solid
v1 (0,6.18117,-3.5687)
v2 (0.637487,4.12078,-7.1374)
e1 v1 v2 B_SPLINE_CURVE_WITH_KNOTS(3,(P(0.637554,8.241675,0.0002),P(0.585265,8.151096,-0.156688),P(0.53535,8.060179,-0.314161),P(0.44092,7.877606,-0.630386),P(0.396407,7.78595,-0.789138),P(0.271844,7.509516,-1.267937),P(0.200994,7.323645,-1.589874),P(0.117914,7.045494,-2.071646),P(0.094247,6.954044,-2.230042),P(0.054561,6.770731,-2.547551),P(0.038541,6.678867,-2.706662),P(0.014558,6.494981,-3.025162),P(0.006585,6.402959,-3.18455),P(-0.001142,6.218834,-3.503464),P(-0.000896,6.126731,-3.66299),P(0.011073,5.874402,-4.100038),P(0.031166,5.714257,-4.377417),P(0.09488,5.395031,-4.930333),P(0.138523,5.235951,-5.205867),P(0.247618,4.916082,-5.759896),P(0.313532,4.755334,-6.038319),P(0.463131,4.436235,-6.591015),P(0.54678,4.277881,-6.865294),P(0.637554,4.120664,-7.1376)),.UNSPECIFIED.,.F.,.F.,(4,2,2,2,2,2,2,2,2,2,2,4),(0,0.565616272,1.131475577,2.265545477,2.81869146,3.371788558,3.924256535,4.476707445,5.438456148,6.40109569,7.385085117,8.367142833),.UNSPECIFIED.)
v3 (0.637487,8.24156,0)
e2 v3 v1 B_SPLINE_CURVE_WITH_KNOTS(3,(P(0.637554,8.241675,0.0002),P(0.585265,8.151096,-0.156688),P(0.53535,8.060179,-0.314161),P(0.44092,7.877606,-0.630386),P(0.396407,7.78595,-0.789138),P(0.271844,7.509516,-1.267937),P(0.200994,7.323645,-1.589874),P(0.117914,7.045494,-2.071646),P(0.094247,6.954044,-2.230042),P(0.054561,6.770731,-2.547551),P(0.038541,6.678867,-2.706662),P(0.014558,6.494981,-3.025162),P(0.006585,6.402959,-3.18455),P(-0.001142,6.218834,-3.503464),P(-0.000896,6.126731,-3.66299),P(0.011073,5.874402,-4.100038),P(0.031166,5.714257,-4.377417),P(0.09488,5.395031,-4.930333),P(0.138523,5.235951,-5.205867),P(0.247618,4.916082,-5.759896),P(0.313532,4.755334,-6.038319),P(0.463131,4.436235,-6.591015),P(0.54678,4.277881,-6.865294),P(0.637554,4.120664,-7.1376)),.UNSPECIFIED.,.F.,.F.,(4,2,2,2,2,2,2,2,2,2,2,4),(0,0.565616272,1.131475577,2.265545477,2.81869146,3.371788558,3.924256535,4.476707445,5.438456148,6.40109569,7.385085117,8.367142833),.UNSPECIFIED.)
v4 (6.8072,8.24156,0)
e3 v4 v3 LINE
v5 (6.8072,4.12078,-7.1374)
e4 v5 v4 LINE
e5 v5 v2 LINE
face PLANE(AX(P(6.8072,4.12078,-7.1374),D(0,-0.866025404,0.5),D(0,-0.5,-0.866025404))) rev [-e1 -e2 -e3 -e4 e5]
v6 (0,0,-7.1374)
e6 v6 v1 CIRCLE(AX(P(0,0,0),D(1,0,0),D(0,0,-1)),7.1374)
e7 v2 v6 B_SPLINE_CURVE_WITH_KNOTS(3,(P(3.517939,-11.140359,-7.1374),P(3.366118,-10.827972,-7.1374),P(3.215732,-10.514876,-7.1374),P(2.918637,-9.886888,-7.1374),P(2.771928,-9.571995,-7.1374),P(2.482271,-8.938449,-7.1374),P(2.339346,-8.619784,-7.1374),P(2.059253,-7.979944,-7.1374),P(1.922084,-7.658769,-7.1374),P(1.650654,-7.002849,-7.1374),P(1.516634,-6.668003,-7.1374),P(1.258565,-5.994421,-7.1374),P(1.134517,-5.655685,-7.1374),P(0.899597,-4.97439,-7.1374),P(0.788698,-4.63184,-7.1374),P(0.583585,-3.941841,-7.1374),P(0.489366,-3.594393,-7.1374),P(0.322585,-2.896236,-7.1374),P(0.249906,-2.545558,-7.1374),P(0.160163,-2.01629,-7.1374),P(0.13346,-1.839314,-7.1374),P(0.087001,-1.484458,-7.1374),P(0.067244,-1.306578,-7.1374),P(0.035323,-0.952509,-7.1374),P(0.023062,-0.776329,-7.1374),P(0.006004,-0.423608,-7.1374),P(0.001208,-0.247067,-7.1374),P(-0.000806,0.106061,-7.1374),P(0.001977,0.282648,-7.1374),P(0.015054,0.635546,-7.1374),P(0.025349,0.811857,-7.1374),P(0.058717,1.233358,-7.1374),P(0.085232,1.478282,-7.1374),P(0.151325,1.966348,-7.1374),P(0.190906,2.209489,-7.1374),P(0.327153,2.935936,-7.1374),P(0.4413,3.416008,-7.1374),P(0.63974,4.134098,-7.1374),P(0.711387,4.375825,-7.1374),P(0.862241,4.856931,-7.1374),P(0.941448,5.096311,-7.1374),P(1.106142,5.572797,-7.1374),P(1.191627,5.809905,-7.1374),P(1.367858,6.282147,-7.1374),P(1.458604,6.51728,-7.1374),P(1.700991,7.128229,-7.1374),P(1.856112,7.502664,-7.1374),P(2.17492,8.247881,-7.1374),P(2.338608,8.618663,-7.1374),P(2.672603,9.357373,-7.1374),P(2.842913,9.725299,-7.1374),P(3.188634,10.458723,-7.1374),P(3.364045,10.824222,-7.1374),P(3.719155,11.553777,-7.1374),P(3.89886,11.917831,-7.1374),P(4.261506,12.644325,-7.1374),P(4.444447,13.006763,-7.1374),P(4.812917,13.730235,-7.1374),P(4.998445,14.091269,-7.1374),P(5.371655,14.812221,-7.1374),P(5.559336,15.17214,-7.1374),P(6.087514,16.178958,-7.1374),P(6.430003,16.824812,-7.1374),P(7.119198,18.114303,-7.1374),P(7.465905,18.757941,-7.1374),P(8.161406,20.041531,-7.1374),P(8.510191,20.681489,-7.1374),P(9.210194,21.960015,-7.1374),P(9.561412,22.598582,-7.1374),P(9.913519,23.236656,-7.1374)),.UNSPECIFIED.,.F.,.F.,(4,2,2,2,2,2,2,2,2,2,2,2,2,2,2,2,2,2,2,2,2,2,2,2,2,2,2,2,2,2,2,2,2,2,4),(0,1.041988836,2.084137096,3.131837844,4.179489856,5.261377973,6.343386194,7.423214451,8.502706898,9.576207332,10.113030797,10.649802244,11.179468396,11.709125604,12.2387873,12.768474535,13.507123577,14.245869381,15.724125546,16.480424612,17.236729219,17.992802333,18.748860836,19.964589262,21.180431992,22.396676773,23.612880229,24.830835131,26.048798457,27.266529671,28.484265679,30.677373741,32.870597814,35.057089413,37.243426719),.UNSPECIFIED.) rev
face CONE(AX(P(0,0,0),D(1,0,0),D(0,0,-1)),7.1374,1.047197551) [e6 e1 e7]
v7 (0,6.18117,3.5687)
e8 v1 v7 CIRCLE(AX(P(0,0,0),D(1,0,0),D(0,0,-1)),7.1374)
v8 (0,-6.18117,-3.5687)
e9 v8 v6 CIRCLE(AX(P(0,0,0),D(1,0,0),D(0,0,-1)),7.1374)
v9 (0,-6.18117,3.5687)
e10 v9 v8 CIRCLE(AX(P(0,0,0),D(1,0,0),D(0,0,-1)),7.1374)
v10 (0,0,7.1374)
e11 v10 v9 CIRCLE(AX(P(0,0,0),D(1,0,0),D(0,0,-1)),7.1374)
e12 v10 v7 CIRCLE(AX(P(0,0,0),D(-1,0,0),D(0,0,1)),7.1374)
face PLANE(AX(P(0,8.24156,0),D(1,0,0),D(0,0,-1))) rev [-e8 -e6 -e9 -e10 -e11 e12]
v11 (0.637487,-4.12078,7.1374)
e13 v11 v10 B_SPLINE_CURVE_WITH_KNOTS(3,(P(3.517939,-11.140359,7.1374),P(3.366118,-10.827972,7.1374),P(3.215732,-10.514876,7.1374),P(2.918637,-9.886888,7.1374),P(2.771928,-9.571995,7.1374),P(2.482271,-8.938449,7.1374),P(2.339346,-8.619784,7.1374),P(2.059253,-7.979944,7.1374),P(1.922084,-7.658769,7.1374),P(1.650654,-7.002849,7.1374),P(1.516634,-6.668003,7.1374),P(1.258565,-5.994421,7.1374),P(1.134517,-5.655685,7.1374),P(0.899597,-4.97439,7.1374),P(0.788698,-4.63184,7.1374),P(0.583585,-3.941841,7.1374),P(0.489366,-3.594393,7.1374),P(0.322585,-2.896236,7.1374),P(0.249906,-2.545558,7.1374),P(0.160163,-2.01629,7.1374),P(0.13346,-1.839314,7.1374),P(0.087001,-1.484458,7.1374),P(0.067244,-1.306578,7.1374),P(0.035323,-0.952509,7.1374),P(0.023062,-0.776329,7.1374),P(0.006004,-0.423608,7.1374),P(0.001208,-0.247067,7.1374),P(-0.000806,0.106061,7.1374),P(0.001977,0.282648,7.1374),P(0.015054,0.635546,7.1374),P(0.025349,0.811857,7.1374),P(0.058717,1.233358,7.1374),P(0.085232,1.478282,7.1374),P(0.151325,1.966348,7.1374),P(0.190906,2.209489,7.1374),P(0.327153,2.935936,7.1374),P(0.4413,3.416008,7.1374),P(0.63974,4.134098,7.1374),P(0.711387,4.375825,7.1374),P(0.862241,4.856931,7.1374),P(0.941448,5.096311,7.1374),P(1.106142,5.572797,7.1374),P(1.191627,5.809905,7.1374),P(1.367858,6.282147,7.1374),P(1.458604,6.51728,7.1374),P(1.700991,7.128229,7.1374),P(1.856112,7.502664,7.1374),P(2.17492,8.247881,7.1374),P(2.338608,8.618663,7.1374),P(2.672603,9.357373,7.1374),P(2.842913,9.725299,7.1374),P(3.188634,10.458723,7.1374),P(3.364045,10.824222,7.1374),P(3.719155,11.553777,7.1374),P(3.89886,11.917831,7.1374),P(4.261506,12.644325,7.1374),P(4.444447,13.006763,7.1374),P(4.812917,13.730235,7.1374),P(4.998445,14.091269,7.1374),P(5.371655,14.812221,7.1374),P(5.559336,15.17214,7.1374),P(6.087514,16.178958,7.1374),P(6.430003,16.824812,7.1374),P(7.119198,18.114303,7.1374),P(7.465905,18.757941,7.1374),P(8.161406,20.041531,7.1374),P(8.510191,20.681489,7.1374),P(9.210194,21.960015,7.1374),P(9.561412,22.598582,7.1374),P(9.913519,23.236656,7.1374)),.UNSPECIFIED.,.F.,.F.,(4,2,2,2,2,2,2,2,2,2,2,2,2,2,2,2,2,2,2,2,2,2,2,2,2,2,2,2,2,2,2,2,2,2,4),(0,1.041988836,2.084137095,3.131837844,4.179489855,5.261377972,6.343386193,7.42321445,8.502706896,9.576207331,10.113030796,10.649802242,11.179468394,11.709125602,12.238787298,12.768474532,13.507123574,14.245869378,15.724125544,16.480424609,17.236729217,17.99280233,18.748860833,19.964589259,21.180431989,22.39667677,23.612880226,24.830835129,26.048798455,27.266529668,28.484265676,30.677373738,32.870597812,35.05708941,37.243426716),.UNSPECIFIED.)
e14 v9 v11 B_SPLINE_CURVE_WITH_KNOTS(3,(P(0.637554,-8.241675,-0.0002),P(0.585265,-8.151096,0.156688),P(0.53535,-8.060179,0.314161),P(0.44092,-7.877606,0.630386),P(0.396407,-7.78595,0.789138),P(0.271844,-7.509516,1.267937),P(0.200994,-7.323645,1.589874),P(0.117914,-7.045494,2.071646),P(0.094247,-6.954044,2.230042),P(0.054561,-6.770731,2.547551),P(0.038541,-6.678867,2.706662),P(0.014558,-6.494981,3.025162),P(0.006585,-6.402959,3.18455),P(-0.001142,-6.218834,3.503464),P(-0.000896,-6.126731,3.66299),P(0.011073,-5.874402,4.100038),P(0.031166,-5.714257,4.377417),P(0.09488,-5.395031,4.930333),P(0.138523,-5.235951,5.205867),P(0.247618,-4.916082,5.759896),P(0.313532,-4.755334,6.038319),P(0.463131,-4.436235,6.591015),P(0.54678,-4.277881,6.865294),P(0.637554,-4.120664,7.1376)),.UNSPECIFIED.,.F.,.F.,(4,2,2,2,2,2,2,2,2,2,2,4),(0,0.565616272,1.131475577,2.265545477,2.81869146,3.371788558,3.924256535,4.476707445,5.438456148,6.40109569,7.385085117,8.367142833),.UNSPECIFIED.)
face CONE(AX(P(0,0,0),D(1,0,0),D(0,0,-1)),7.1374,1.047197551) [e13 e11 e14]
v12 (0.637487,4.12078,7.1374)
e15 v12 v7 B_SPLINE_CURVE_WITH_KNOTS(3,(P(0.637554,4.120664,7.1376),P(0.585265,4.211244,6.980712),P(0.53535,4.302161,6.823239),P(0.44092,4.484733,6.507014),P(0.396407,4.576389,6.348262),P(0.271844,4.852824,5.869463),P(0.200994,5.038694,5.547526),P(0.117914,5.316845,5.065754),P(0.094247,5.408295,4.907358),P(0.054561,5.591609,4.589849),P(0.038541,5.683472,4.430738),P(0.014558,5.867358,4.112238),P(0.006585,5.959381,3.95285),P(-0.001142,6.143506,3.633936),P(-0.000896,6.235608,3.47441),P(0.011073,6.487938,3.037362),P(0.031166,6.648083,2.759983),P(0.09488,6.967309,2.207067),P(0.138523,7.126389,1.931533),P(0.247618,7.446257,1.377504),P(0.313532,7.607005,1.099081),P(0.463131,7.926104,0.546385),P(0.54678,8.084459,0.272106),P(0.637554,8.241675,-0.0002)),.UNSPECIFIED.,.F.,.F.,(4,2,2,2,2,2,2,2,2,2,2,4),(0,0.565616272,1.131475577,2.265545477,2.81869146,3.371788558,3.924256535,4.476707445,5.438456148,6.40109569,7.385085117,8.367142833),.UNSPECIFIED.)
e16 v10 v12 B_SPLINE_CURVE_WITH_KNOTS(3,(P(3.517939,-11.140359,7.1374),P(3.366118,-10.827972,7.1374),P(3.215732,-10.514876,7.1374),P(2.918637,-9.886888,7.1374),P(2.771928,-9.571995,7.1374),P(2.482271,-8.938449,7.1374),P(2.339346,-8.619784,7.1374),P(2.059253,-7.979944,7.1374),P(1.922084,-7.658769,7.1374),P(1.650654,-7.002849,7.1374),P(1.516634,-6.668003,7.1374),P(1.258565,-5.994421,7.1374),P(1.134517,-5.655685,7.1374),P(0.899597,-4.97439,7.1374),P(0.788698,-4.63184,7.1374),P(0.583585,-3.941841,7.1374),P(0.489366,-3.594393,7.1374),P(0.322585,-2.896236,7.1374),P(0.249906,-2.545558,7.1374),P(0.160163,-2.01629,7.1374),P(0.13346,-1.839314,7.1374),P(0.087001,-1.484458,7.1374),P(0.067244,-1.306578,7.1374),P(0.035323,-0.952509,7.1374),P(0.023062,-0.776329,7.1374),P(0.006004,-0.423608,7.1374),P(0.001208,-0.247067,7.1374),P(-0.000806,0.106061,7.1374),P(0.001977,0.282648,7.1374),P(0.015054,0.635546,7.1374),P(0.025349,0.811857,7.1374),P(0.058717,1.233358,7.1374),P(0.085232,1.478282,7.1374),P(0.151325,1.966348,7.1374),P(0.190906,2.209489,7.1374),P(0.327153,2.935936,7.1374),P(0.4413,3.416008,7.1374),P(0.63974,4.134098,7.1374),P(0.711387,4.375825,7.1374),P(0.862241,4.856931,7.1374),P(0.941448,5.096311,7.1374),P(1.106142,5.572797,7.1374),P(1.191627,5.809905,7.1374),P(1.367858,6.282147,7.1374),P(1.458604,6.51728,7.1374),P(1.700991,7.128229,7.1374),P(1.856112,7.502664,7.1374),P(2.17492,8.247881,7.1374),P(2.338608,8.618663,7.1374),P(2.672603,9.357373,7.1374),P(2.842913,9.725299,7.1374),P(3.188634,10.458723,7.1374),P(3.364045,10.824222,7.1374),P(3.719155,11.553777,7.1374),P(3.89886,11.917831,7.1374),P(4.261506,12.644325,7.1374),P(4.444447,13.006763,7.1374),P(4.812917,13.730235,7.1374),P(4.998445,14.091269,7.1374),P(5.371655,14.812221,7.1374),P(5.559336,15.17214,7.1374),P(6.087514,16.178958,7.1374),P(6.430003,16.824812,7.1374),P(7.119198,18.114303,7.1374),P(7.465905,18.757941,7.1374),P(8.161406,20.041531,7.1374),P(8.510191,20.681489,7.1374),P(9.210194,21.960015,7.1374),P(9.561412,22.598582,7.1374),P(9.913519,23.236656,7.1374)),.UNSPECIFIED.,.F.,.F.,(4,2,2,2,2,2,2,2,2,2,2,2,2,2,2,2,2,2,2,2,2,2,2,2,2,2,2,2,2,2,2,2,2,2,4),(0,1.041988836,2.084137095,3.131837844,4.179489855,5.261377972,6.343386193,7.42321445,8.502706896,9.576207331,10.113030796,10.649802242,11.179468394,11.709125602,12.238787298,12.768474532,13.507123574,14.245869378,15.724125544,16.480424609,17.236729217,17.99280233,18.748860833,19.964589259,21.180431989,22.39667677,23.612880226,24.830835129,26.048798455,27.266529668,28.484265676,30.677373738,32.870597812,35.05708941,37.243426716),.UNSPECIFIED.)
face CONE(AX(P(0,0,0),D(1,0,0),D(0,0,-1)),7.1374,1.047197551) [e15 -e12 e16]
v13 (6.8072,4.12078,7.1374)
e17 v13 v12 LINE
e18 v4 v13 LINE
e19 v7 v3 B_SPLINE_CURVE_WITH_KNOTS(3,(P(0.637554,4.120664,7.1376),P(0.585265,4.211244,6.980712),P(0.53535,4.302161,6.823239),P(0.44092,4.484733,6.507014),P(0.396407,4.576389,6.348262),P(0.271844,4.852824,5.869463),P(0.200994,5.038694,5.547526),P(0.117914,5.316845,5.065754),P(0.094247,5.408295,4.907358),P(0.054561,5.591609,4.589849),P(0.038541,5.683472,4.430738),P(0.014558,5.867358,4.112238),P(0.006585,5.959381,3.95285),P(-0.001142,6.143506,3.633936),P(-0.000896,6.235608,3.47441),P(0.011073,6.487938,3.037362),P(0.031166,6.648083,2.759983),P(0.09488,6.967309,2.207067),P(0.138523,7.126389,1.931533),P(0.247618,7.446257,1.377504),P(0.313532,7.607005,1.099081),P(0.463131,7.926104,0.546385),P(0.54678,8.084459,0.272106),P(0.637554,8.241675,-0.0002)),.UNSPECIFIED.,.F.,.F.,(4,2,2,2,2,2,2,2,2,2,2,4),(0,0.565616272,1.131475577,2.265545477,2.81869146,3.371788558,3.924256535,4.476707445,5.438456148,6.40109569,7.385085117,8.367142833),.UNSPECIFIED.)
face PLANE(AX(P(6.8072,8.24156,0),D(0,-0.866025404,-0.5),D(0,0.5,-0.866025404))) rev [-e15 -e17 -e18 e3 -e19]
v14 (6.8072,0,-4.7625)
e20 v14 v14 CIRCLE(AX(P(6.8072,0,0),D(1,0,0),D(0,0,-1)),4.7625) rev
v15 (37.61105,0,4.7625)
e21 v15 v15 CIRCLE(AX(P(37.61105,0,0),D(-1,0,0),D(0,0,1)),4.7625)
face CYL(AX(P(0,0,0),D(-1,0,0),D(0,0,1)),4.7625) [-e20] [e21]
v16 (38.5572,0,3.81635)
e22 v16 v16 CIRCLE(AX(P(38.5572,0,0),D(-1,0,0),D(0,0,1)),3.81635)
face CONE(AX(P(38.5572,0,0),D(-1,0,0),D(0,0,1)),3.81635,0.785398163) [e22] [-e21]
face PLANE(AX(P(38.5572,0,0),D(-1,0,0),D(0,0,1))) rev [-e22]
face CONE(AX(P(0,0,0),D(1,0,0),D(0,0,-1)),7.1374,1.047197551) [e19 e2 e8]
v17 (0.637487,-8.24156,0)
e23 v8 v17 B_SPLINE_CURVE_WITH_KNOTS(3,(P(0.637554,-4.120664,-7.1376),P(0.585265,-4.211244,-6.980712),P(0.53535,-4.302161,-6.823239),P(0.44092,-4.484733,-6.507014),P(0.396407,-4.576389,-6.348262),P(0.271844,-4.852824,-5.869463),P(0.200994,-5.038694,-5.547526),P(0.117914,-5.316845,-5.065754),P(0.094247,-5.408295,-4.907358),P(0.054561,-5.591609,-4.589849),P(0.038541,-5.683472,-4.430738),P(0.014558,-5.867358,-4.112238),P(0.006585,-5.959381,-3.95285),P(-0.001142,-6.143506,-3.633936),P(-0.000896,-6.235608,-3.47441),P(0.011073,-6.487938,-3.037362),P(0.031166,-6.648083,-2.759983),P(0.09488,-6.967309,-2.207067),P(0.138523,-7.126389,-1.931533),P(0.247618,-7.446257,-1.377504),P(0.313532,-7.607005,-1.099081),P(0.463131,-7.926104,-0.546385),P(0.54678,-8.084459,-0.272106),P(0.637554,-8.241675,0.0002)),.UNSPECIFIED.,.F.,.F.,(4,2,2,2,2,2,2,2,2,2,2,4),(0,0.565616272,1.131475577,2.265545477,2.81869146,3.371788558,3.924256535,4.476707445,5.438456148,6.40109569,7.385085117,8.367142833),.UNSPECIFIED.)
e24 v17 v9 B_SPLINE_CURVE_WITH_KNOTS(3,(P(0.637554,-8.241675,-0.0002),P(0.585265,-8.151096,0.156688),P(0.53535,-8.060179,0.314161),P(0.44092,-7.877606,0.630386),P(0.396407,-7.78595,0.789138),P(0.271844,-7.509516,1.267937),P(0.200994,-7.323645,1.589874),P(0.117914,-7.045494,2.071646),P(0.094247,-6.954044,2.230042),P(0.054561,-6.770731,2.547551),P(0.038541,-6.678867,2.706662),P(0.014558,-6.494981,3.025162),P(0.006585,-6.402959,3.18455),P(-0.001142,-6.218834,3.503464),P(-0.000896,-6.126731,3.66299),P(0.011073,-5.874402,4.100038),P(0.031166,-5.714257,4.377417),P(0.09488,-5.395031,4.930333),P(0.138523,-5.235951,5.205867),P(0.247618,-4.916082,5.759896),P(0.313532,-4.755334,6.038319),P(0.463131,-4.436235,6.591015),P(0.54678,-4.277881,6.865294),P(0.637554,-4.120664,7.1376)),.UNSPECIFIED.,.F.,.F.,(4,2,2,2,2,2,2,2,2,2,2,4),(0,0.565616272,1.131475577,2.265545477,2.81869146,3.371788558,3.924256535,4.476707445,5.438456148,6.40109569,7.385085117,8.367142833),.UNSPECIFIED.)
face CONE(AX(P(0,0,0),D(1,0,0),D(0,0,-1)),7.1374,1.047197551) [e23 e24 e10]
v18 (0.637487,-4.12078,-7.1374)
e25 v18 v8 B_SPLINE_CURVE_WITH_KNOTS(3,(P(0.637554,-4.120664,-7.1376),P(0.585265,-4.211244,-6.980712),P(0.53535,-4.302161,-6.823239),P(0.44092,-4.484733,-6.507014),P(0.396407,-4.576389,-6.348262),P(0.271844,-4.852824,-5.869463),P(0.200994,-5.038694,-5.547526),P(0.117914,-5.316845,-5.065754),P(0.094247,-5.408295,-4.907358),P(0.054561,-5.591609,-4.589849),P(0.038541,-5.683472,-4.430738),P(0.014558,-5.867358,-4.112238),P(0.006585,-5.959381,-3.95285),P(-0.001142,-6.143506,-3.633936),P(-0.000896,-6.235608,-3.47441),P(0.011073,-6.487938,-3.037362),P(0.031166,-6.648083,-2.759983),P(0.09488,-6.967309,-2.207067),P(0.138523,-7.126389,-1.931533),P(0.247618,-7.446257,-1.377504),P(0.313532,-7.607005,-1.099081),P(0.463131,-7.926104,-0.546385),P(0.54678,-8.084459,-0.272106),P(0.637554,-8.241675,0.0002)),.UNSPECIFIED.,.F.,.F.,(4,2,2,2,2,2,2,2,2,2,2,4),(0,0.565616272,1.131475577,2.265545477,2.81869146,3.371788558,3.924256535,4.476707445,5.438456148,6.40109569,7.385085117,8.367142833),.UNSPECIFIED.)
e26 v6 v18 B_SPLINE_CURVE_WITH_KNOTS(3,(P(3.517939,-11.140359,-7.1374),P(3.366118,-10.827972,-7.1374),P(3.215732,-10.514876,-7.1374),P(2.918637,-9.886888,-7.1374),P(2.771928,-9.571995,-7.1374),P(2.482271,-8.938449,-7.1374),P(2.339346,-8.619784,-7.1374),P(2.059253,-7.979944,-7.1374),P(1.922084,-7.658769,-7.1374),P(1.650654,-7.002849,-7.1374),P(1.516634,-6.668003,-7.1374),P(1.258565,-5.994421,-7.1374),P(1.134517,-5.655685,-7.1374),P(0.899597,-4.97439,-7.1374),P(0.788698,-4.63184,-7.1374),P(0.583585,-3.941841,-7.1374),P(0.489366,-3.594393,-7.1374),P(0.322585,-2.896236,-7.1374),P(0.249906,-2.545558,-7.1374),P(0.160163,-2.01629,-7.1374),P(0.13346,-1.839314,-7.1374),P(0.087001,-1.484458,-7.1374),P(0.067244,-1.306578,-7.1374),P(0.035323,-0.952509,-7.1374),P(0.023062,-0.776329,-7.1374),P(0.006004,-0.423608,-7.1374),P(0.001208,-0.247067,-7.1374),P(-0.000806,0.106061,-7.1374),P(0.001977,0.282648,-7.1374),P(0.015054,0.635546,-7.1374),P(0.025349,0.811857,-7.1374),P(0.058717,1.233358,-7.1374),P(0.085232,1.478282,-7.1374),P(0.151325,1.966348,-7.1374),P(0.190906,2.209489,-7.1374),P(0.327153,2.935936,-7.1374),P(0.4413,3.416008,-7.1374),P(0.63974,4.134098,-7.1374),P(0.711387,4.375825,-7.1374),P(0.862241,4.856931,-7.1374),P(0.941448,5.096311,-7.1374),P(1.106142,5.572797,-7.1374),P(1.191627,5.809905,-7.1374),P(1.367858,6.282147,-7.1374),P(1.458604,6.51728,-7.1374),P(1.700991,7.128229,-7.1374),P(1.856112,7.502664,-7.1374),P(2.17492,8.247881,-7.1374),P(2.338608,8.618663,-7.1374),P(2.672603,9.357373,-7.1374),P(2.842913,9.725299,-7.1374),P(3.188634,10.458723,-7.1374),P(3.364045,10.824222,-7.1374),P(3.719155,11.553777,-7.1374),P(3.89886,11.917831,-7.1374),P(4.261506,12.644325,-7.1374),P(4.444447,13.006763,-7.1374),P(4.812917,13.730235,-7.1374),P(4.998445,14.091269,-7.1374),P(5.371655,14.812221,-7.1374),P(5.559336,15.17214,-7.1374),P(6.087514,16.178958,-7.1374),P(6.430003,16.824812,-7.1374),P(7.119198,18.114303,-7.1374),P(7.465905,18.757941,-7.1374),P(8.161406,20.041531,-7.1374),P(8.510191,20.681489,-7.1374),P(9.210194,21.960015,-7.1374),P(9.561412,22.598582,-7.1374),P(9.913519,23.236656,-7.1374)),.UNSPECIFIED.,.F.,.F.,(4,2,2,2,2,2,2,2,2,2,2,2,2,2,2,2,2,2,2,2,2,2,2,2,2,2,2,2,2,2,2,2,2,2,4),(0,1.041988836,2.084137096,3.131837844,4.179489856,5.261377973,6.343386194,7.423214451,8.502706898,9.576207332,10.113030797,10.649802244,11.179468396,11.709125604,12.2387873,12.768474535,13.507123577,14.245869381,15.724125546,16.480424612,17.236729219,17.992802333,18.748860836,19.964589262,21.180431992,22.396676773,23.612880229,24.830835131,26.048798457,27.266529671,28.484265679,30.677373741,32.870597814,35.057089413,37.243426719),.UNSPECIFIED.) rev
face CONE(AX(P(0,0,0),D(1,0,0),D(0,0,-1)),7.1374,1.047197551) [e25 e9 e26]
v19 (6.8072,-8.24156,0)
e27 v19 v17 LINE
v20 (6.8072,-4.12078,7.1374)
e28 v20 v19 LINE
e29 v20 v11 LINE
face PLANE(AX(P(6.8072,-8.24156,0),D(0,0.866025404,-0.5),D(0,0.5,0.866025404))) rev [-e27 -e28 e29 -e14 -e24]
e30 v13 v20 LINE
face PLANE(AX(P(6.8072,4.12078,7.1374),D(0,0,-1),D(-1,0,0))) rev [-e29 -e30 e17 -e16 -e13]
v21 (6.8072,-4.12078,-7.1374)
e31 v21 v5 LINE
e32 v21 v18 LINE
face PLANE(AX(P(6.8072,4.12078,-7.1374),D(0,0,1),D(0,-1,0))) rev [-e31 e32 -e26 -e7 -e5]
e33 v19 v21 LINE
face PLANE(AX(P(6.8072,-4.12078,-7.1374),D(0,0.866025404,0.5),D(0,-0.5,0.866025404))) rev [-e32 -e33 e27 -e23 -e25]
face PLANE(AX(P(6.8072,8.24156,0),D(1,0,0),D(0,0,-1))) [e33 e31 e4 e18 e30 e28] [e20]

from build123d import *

# Parameters (mm, degrees)
BASEHEAD_DEPTH = 6.8072


with BuildPart() as part:
    # Sketch1 → BaseHead (new body)
    with BuildSketch(Plane(origin=(0, 0, 0), x_dir=(0, 0, -1), z_dir=(1, 0, 0))):
        Polygon((7.1374, 4.120779811), (7.1374, -4.120779811), (0, -8.241559623), (-7.1374, -4.120779811), (-7.1374, 4.120779811), (0, 8.241559623), align=None)
    extrude(amount=BASEHEAD_DEPTH)

    # BodySke → BaseBody (revolve)
    with BuildSketch(Plane.XY, mode=Mode.PRIVATE) as basebody_sk:
        Polygon((0, 0), (38.5572, 0), (38.5572, 3.81635), (37.61105, 4.7625), (0, 4.7625), align=None)
    revolve(basebody_sk.sketch.rotate(Axis((0, 0, 0), (1, 0, 0)), 90), axis=Axis((0, 0, 0), (1, 0, 0)))

    # Sketch3 → HeadChamfer (revolve, cut)
    with BuildSketch(Plane.XY):
        Polygon((0, 7.1374), (4.303661065, 14.591559623), (4.303661065, 20.941559623), (-12.7, 20.941559623), (-12.7, 7.1374), align=None)
    revolve(axis=Axis((0, 0, 0), (1, 0, 0)), mode=Mode.SUBTRACT)


solid = part.part
